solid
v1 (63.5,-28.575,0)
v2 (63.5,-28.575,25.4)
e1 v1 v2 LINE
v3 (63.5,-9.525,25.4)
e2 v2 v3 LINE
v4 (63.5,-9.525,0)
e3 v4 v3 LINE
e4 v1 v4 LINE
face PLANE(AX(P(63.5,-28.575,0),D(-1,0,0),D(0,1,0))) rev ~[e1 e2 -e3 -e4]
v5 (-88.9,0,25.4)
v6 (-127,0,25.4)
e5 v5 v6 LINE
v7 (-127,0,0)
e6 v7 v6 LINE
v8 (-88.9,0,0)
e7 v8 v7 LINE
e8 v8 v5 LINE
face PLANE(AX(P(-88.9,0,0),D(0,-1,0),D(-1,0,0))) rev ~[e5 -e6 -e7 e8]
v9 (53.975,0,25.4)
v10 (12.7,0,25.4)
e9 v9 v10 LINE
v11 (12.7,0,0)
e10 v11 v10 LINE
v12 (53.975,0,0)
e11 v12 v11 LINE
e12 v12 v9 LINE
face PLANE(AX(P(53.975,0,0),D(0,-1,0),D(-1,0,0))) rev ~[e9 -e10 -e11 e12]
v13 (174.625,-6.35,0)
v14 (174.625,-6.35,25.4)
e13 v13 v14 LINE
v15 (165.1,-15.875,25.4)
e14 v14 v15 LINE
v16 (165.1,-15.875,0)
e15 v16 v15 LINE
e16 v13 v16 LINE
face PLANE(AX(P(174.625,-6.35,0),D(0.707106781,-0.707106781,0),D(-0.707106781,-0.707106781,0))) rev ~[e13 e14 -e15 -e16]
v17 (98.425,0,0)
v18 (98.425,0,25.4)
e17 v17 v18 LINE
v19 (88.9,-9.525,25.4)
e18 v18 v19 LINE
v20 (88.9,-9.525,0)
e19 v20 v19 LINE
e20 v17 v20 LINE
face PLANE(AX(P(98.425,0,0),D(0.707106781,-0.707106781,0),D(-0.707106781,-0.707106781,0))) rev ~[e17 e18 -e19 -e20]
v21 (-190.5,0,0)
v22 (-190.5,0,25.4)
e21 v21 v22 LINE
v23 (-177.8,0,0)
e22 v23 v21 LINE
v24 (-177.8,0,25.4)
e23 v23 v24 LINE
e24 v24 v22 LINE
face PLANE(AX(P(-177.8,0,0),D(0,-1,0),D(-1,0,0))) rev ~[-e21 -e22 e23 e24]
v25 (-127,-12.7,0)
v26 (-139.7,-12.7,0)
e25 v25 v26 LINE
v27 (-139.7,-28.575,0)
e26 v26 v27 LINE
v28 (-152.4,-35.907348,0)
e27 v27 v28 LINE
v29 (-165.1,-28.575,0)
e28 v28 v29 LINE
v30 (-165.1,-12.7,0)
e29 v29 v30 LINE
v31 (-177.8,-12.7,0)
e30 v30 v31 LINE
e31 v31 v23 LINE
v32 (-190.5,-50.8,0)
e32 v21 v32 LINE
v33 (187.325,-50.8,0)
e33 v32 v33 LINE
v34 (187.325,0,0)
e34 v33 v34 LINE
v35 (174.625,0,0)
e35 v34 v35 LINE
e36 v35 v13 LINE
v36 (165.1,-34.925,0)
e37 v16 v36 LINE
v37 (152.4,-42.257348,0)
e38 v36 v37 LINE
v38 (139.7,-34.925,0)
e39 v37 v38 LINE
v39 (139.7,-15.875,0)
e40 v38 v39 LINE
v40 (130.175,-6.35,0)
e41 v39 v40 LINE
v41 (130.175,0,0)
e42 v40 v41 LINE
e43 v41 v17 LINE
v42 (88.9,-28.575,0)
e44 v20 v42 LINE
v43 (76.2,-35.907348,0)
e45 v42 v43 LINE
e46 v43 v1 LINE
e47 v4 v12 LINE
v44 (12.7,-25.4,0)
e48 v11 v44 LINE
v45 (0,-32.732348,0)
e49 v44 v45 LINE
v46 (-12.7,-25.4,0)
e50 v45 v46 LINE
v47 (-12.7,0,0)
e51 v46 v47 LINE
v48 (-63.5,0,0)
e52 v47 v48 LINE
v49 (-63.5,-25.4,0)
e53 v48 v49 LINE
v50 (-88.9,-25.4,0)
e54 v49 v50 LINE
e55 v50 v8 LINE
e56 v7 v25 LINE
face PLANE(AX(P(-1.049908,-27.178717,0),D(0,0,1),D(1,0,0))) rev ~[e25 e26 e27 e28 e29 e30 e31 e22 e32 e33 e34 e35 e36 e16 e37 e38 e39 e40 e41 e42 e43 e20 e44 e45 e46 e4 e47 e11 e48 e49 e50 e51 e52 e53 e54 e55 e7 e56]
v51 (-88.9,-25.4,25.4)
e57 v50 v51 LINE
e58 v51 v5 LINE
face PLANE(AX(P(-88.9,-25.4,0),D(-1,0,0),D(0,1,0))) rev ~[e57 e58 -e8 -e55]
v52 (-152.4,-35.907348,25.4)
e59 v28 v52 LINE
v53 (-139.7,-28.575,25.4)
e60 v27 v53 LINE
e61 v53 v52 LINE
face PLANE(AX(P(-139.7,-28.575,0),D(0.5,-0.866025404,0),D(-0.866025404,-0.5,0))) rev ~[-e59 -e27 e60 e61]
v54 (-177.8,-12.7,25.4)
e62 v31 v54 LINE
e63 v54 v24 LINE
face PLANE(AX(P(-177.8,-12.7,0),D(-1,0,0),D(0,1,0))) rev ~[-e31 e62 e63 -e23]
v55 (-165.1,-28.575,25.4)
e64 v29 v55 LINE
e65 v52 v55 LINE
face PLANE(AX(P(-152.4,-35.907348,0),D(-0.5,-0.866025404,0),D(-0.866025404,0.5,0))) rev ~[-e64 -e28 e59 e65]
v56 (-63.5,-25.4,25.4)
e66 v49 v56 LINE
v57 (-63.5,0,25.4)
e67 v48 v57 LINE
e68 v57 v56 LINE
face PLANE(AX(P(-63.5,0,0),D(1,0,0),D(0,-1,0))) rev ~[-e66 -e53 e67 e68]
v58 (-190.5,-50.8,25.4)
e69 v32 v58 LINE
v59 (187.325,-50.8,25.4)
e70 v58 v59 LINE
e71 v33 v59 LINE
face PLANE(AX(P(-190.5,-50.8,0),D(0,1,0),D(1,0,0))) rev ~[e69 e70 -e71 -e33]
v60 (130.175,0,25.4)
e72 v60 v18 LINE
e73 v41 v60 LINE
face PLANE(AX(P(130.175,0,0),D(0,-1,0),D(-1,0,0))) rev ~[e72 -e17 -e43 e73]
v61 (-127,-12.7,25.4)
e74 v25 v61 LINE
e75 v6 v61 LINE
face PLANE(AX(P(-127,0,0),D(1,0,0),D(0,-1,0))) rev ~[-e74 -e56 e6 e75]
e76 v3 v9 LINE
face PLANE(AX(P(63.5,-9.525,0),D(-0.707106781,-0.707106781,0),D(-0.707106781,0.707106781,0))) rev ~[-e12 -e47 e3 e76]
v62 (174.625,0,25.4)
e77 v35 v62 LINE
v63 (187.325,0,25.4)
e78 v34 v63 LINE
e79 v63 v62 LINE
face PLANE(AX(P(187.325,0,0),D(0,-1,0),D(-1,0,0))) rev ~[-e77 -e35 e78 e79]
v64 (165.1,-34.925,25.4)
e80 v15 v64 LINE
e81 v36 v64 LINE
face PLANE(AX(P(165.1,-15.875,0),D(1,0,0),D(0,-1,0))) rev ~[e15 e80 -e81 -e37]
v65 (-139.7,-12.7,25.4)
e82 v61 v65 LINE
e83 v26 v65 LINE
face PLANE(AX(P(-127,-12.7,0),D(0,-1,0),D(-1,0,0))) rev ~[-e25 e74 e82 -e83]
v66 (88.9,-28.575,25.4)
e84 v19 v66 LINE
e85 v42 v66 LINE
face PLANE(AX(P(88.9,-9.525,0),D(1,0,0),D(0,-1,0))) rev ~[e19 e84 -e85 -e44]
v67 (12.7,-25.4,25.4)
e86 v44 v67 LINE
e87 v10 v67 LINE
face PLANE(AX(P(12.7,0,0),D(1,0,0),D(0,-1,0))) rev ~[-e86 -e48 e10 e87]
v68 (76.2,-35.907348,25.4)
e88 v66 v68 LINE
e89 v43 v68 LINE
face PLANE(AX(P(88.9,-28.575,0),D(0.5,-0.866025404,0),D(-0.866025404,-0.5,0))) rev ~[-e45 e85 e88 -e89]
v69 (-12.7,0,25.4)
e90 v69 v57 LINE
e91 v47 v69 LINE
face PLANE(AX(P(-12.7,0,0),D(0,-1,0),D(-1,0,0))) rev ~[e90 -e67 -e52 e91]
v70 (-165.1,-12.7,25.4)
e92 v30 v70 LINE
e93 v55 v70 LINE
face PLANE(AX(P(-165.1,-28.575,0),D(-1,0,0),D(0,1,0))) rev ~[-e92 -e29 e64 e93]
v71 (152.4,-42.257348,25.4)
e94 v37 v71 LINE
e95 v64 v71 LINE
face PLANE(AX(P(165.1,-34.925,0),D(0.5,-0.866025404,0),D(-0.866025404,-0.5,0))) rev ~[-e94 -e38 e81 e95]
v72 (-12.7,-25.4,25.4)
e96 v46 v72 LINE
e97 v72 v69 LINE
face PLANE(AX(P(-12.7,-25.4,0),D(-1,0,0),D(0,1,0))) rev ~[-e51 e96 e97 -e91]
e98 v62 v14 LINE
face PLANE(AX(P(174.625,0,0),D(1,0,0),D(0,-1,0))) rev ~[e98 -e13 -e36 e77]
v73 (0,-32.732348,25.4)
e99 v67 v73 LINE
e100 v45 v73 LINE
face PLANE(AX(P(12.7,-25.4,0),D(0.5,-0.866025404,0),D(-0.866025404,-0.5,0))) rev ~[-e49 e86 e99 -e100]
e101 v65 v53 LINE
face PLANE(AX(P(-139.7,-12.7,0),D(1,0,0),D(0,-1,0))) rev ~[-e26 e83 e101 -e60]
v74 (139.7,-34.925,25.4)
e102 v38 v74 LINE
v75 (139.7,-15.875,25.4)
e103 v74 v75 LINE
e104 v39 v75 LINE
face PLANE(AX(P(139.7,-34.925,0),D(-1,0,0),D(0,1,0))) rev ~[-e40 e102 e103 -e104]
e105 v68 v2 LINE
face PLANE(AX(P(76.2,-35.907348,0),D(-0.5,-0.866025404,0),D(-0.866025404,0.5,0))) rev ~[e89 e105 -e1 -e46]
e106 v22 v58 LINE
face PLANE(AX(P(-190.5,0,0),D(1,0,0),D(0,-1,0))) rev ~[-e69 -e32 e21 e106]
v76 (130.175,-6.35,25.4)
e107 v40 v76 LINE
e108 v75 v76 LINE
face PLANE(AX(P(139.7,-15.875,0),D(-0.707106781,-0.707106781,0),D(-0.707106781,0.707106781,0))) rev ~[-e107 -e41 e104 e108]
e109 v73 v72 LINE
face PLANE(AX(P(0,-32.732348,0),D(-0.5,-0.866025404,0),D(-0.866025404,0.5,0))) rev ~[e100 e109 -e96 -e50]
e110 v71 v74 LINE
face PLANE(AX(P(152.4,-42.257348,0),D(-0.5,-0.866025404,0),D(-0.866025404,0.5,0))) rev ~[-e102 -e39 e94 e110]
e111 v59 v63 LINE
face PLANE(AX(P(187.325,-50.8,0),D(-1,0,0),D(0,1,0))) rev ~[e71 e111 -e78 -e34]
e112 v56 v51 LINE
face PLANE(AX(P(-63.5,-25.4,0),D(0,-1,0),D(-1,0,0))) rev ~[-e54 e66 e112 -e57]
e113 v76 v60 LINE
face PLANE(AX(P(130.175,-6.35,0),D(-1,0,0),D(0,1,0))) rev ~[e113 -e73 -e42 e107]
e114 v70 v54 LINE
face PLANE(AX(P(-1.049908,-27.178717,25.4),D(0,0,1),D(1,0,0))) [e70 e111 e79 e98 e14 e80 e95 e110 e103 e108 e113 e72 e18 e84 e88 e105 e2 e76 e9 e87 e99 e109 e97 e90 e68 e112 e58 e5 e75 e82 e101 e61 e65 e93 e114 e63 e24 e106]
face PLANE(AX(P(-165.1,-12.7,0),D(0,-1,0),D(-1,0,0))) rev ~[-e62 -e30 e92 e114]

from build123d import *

# Parameters (mm, degrees)
F1_DEPTH = 25.4


with BuildPart() as f1:
    # F0 (on Top) → F1 (new body)
    with BuildSketch(Plane.XY):
        Polygon((130.175, -6.35), (130.175, 0), (98.425, 0), (88.9, -9.525), (88.9, -28.575), (76.2, -35.9073484187), (63.5, -28.575), (63.5, -9.525), (53.975, 0), (12.7, 0), (12.7, -25.4), (0, -32.7323484187), (-12.7, -25.4), (-12.7, 0), (-63.5, 0), (-63.5, -25.4), (-76.2, -25.4), (-88.9, -25.4), (-88.9, 0), (-127, 0), (-127, -12.7), (-139.7, -12.7), (-139.7, -28.575), (-152.4, -35.9073484187), (-165.1, -28.575), (-165.1, -12.7), (-177.8, -12.7), (-177.8, 0), (-190.5, 0), (-190.5, -50.8), (187.325, -50.8), (187.325, 0), (174.625, 0), (174.625, -6.35), (165.1, -15.875), (165.1, -34.925), (152.4, -42.2573484187), (139.7, -34.925), (139.7, -15.875), align=None)
    extrude(amount=F1_DEPTH)


solid = f1.part
